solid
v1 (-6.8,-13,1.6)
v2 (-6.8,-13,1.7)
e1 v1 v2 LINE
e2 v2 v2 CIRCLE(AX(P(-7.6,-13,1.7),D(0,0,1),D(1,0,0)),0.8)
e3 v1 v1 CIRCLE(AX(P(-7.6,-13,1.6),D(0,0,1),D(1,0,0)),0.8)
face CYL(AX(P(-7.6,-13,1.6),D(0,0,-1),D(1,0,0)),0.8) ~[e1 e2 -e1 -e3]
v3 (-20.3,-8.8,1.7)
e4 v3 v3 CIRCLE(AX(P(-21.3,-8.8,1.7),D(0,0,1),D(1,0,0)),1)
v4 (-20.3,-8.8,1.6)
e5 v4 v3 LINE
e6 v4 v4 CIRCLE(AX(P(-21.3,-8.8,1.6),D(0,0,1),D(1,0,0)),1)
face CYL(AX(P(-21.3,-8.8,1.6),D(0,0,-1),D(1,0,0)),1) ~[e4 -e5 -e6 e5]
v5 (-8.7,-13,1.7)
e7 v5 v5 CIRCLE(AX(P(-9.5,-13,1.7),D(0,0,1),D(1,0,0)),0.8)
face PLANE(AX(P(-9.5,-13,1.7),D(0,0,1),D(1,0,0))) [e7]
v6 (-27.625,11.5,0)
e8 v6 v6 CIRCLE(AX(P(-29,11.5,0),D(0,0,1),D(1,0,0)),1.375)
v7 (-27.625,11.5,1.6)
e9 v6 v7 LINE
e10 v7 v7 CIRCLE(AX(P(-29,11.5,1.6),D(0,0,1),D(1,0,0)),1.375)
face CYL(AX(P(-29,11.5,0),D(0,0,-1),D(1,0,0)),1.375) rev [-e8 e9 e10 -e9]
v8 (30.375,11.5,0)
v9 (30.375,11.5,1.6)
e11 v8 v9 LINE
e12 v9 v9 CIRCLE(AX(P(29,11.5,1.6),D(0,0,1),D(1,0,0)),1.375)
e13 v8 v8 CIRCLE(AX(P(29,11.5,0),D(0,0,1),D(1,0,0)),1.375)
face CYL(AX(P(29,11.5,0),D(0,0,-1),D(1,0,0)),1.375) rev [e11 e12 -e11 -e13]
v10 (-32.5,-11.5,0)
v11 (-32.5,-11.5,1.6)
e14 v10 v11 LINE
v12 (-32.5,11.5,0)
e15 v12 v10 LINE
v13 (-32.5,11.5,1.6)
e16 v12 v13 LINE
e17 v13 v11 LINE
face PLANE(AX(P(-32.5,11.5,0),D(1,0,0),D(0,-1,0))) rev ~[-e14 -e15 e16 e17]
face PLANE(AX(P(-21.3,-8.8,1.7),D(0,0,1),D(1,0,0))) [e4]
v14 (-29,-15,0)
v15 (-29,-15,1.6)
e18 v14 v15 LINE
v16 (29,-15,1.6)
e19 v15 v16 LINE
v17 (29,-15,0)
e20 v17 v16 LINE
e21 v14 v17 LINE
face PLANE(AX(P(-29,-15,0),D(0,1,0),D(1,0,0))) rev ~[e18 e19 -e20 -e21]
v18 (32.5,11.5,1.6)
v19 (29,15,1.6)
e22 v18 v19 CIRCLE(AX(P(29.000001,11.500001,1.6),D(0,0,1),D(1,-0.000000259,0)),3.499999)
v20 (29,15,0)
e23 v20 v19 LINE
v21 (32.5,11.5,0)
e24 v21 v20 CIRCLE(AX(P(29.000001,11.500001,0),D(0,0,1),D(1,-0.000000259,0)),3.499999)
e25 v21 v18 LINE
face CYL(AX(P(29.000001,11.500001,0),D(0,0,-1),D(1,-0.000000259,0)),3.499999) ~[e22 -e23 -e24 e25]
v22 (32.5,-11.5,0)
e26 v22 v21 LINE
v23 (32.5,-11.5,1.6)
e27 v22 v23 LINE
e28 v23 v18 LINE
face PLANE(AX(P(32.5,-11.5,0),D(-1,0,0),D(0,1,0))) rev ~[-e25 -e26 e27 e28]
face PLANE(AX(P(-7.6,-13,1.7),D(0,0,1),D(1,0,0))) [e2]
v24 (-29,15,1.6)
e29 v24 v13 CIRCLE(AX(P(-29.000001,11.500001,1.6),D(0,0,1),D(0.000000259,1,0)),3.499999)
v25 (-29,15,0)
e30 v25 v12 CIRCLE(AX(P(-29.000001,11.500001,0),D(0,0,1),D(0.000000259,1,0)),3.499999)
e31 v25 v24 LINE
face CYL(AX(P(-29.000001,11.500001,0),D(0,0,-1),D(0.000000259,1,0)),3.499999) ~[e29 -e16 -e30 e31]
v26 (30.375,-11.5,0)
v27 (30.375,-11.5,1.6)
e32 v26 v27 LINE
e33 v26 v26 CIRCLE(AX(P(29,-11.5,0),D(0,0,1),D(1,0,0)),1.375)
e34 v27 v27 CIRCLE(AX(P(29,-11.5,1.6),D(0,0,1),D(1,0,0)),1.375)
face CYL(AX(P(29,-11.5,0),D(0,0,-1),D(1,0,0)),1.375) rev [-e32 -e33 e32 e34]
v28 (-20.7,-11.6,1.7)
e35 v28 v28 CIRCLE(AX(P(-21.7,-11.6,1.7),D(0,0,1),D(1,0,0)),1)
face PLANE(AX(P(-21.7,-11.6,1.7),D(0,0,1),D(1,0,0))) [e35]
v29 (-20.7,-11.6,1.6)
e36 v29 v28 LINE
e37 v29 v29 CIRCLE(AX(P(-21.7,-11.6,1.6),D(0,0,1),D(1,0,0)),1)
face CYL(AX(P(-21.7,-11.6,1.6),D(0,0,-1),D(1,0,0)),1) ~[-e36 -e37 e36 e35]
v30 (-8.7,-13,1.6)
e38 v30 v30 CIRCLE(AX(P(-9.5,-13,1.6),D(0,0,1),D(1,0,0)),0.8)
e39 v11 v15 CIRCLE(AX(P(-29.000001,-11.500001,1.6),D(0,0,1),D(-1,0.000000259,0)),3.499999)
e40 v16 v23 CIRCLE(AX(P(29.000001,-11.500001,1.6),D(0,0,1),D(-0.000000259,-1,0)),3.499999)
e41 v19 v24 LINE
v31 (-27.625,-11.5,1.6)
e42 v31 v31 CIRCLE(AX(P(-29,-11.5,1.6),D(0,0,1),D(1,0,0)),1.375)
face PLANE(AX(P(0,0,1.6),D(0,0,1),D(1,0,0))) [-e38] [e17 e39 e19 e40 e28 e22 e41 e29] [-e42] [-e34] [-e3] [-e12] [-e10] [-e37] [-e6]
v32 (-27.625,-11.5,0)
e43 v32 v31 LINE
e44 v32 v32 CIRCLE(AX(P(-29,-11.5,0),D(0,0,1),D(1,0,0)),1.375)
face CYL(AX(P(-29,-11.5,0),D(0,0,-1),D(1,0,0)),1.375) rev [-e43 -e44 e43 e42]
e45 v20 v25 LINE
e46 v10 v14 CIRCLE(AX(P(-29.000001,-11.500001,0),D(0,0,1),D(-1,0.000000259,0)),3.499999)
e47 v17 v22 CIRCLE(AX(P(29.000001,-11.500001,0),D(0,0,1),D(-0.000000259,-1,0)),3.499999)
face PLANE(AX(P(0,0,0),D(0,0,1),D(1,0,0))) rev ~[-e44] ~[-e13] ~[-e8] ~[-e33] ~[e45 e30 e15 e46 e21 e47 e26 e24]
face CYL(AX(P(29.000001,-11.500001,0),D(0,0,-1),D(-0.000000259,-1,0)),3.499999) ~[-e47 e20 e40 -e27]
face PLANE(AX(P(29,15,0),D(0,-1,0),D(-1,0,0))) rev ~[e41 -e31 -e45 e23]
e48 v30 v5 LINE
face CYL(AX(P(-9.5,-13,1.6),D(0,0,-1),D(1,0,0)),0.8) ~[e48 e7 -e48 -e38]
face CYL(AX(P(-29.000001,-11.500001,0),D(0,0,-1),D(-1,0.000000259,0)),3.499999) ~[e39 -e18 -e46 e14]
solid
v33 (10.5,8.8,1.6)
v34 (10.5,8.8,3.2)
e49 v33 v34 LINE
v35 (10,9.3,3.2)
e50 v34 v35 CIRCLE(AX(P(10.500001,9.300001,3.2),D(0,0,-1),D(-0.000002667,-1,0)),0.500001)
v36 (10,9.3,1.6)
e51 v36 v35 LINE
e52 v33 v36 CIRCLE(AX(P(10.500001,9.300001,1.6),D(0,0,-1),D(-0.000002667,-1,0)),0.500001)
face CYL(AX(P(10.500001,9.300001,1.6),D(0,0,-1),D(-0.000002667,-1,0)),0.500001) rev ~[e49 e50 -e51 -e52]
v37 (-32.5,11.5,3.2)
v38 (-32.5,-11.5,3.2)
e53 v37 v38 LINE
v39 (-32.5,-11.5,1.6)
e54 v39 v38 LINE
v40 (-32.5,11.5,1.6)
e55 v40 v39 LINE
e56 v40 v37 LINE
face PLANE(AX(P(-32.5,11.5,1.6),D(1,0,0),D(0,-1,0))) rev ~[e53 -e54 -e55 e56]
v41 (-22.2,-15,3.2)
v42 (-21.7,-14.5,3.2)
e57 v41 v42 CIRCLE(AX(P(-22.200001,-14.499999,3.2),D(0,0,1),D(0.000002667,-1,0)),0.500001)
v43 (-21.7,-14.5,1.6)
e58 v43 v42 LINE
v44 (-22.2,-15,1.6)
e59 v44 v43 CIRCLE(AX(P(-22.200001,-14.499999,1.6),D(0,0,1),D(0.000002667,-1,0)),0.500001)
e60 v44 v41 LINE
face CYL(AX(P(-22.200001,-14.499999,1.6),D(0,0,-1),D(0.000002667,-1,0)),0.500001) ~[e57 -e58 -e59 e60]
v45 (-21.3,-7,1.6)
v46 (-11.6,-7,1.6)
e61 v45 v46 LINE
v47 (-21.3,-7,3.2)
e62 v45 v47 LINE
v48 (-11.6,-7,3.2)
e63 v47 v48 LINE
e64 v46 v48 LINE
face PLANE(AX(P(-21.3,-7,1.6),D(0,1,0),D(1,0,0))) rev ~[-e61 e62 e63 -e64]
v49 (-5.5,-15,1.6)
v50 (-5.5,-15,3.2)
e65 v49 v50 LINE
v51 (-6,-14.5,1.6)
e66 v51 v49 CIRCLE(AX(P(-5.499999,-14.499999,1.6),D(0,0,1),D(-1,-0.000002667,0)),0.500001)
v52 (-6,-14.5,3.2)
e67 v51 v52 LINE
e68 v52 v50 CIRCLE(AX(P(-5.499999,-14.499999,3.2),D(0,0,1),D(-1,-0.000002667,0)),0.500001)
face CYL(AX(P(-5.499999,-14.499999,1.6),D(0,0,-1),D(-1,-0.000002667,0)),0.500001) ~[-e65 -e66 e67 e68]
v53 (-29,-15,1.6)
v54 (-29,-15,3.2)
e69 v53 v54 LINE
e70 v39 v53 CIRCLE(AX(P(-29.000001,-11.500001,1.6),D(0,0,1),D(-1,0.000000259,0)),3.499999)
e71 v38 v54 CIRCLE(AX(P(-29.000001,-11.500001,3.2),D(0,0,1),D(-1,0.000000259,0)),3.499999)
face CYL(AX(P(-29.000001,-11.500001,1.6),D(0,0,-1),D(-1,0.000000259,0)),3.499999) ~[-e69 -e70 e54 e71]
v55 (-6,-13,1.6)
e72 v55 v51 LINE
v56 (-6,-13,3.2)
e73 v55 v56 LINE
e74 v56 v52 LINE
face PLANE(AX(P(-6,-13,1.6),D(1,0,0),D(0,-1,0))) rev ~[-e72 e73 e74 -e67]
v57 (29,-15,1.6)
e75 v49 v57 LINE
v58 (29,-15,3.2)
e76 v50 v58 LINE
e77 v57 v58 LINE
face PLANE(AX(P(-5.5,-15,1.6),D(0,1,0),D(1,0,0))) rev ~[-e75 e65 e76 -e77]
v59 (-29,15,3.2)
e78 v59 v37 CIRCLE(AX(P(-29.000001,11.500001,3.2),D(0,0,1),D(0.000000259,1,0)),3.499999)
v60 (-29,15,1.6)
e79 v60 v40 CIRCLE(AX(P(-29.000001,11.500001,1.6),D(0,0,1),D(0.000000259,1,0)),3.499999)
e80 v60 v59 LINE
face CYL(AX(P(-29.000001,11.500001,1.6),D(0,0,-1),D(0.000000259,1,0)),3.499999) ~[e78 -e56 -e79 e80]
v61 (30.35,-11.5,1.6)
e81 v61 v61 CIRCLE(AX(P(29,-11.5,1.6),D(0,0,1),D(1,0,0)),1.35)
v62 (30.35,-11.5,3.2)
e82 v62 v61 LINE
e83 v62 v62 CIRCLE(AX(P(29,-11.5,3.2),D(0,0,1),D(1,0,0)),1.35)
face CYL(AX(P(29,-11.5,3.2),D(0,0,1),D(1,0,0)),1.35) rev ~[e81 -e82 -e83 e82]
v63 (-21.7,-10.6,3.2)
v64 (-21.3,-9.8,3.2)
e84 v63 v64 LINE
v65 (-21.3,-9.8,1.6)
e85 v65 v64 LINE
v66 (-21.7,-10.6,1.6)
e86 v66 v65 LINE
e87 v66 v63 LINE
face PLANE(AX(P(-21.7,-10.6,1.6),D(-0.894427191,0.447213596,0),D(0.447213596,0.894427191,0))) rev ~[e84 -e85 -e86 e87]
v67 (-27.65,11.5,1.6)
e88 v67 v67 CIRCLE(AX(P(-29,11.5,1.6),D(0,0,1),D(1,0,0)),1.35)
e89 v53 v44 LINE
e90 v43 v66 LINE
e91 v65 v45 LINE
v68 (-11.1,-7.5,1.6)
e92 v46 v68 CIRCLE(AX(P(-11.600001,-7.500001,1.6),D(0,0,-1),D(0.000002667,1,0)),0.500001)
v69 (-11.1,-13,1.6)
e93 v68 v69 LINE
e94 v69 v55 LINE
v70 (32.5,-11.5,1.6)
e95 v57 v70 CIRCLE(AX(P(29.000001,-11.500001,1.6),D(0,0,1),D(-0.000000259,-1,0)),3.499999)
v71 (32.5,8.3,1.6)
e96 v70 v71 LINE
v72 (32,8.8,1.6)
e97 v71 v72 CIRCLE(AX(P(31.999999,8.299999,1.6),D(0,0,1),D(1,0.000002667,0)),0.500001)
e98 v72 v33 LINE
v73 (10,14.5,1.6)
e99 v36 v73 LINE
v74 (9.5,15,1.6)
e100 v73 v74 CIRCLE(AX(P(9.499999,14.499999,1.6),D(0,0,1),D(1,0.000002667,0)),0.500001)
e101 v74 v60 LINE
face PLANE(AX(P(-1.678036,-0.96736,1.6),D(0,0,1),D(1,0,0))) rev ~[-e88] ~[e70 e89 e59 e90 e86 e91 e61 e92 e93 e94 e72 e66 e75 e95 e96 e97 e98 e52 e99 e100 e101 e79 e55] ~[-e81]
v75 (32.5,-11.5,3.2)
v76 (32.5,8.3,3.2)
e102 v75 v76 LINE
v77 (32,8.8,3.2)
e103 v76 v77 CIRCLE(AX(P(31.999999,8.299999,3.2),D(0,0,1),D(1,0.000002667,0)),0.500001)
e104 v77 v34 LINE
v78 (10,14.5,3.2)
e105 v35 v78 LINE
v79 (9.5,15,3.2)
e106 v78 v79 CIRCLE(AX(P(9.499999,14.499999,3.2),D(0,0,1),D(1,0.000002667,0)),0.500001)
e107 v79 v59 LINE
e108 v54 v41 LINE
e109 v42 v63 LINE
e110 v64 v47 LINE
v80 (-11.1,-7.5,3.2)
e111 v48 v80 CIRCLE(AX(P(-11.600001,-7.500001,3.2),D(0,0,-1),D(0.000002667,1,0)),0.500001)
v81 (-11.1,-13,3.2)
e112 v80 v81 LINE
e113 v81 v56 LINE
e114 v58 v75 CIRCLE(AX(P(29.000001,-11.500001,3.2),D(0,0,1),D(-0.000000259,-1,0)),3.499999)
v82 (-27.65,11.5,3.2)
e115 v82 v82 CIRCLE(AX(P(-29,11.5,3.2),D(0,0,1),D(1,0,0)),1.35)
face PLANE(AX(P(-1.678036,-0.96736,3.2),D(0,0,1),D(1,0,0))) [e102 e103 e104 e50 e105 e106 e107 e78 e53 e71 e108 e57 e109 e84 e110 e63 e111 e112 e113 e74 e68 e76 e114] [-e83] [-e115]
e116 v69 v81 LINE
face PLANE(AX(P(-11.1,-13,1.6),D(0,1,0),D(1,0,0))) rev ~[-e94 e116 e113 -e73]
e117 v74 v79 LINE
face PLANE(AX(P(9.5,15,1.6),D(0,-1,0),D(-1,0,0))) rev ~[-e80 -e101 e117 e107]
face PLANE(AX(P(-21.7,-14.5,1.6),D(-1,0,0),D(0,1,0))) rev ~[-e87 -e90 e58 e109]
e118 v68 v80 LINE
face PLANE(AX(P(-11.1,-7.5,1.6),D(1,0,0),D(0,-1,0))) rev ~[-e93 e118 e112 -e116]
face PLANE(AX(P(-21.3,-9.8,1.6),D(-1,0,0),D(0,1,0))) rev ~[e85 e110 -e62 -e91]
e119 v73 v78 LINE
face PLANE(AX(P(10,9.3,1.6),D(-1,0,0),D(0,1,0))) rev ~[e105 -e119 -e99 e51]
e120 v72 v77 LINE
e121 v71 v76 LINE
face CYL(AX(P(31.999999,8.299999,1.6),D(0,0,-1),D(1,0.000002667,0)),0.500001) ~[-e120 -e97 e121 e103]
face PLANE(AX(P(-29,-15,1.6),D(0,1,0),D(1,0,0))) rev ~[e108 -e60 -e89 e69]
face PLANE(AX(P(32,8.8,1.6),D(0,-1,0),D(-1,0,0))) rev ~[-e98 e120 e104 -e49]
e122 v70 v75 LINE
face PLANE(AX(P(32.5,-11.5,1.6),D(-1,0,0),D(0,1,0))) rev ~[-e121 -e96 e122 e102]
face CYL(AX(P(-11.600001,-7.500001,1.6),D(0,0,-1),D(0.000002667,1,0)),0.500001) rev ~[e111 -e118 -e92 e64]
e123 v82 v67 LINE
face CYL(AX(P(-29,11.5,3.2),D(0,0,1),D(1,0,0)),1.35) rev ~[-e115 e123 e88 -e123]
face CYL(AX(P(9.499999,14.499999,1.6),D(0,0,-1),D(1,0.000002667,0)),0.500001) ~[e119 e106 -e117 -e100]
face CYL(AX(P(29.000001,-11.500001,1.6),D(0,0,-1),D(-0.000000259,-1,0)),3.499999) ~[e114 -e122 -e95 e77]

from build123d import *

# Parameters (mm, degrees)
F0_R     = 1.375
F1_DEPTH = 1.6
F2_R     = 1
F2_R_2   = 0.8
F3_DEPTH = 0.1
F5_DEPTH = 1.6
F6_R     = 1.35
F8_DEPTH = 1.6


with BuildPart() as f1:
    # F0 (on Top) → F1 (new body)
    with BuildSketch(Plane.XY):
        with BuildLine():
            ThreePointArc((32.5, 11.5), (31.474874, 13.974874), (29, 15))
            Line((29, 15), (-29, 15))
            ThreePointArc((-29, 15), (-31.474874, 13.974874), (-32.5, 11.5))
            Line((-32.5, 11.5), (-32.5, -11.5))
            ThreePointArc((-32.5, -11.5), (-31.474874, -13.974874), (-29, -15))
            Line((-29, -15), (29, -15))
            ThreePointArc((29, -15), (31.474874, -13.974874), (32.5, -11.5))
            Line((32.5, -11.5), (32.5, 11.5))
        make_face()
        with Locations((-29, -11.5)):
            Circle(F0_R, mode=Mode.SUBTRACT)
        with Locations((29, -11.5)):
            Circle(F0_R, mode=Mode.SUBTRACT)
        with Locations((-29, 11.5)):
            Circle(F0_R, mode=Mode.SUBTRACT)
        with Locations((29, 11.5)):
            Circle(F0_R, mode=Mode.SUBTRACT)
    extrude(amount=F1_DEPTH)

    # F2 (on face) → F3 (join)
    with BuildSketch(Plane.XY.offset(1.6)):
        with Locations((-21.7, -11.6)):
            Circle(F2_R)
        with Locations((-21.3, -8.8)):
            Circle(F2_R)
        with Locations((-9.5, -13)):
            Circle(F2_R_2)
        with Locations((-7.6, -13)):
            Circle(F2_R_2)
    extrude(amount=F3_DEPTH)


with BuildPart() as f5:
    # F4 (on face) → F5 (new body)
    with BuildSketch(Plane.XY.offset(1.6)):
        with BuildLine():
            ThreePointArc((10, 14.5), (9.853553, 14.853553), (9.5, 15))
            Line((9.5, 15), (-29, 15))
            ThreePointArc((-29, 15), (-31.474874, 13.974874), (-32.5, 11.5))
            Line((-32.5, 11.5), (-32.5, -11.5))
            ThreePointArc((-32.5, -11.5), (-31.474874, -13.974874), (-29, -15))
            Line((-29, -15), (-22.2, -15))
            ThreePointArc((-22.2, -15), (-21.846447, -14.853553), (-21.7, -14.5))
            Line((-21.7, -14.5), (-21.7, -10.6))
            Line((-21.7, -10.6), (-21.3, -9.8))
            Line((-21.3, -9.8), (-21.3, -7.8))
            Line((-21.3, -7.8), (-21.3, -7))
            Line((-21.3, -7), (-11.6, -7))
            ThreePointArc((-11.6, -7), (-11.246447, -7.146447), (-11.1, -7.5))
            Line((-11.1, -7.5), (-11.1, -13))
            Line((-11.1, -13), (-9.5, -13))
            Line((-9.5, -13), (-7.6, -13))
            Line((-7.6, -13), (-6, -13))
            Line((-6, -13), (-6, -14.5))
            ThreePointArc((-6, -14.5), (-5.853553, -14.853553), (-5.5, -15))
            Line((-5.5, -15), (29, -15))
            ThreePointArc((29, -15), (31.474874, -13.974874), (32.5, -11.5))
            Line((32.5, -11.5), (32.5, 8.3))
            ThreePointArc((32.5, 8.3), (32.353553, 8.653553), (32, 8.8))
            Line((32, 8.8), (10.5, 8.8))
            ThreePointArc((10.5, 8.8), (10.146447, 8.946447), (10, 9.3))
            Line((10, 9.3), (10, 14.5))
        make_face()
    extrude(amount=F5_DEPTH)

    # F6 (on face) → F8 (cut)
    with BuildSketch(Plane.XY.offset(3.2)):
        with Locations((-29, 11.5)):
            Circle(F6_R)
        with Locations((29, -11.5)):
            Circle(F6_R)
    extrude(amount=-F8_DEPTH, mode=Mode.SUBTRACT)


solid = Compound([f1.part, f5.part])
